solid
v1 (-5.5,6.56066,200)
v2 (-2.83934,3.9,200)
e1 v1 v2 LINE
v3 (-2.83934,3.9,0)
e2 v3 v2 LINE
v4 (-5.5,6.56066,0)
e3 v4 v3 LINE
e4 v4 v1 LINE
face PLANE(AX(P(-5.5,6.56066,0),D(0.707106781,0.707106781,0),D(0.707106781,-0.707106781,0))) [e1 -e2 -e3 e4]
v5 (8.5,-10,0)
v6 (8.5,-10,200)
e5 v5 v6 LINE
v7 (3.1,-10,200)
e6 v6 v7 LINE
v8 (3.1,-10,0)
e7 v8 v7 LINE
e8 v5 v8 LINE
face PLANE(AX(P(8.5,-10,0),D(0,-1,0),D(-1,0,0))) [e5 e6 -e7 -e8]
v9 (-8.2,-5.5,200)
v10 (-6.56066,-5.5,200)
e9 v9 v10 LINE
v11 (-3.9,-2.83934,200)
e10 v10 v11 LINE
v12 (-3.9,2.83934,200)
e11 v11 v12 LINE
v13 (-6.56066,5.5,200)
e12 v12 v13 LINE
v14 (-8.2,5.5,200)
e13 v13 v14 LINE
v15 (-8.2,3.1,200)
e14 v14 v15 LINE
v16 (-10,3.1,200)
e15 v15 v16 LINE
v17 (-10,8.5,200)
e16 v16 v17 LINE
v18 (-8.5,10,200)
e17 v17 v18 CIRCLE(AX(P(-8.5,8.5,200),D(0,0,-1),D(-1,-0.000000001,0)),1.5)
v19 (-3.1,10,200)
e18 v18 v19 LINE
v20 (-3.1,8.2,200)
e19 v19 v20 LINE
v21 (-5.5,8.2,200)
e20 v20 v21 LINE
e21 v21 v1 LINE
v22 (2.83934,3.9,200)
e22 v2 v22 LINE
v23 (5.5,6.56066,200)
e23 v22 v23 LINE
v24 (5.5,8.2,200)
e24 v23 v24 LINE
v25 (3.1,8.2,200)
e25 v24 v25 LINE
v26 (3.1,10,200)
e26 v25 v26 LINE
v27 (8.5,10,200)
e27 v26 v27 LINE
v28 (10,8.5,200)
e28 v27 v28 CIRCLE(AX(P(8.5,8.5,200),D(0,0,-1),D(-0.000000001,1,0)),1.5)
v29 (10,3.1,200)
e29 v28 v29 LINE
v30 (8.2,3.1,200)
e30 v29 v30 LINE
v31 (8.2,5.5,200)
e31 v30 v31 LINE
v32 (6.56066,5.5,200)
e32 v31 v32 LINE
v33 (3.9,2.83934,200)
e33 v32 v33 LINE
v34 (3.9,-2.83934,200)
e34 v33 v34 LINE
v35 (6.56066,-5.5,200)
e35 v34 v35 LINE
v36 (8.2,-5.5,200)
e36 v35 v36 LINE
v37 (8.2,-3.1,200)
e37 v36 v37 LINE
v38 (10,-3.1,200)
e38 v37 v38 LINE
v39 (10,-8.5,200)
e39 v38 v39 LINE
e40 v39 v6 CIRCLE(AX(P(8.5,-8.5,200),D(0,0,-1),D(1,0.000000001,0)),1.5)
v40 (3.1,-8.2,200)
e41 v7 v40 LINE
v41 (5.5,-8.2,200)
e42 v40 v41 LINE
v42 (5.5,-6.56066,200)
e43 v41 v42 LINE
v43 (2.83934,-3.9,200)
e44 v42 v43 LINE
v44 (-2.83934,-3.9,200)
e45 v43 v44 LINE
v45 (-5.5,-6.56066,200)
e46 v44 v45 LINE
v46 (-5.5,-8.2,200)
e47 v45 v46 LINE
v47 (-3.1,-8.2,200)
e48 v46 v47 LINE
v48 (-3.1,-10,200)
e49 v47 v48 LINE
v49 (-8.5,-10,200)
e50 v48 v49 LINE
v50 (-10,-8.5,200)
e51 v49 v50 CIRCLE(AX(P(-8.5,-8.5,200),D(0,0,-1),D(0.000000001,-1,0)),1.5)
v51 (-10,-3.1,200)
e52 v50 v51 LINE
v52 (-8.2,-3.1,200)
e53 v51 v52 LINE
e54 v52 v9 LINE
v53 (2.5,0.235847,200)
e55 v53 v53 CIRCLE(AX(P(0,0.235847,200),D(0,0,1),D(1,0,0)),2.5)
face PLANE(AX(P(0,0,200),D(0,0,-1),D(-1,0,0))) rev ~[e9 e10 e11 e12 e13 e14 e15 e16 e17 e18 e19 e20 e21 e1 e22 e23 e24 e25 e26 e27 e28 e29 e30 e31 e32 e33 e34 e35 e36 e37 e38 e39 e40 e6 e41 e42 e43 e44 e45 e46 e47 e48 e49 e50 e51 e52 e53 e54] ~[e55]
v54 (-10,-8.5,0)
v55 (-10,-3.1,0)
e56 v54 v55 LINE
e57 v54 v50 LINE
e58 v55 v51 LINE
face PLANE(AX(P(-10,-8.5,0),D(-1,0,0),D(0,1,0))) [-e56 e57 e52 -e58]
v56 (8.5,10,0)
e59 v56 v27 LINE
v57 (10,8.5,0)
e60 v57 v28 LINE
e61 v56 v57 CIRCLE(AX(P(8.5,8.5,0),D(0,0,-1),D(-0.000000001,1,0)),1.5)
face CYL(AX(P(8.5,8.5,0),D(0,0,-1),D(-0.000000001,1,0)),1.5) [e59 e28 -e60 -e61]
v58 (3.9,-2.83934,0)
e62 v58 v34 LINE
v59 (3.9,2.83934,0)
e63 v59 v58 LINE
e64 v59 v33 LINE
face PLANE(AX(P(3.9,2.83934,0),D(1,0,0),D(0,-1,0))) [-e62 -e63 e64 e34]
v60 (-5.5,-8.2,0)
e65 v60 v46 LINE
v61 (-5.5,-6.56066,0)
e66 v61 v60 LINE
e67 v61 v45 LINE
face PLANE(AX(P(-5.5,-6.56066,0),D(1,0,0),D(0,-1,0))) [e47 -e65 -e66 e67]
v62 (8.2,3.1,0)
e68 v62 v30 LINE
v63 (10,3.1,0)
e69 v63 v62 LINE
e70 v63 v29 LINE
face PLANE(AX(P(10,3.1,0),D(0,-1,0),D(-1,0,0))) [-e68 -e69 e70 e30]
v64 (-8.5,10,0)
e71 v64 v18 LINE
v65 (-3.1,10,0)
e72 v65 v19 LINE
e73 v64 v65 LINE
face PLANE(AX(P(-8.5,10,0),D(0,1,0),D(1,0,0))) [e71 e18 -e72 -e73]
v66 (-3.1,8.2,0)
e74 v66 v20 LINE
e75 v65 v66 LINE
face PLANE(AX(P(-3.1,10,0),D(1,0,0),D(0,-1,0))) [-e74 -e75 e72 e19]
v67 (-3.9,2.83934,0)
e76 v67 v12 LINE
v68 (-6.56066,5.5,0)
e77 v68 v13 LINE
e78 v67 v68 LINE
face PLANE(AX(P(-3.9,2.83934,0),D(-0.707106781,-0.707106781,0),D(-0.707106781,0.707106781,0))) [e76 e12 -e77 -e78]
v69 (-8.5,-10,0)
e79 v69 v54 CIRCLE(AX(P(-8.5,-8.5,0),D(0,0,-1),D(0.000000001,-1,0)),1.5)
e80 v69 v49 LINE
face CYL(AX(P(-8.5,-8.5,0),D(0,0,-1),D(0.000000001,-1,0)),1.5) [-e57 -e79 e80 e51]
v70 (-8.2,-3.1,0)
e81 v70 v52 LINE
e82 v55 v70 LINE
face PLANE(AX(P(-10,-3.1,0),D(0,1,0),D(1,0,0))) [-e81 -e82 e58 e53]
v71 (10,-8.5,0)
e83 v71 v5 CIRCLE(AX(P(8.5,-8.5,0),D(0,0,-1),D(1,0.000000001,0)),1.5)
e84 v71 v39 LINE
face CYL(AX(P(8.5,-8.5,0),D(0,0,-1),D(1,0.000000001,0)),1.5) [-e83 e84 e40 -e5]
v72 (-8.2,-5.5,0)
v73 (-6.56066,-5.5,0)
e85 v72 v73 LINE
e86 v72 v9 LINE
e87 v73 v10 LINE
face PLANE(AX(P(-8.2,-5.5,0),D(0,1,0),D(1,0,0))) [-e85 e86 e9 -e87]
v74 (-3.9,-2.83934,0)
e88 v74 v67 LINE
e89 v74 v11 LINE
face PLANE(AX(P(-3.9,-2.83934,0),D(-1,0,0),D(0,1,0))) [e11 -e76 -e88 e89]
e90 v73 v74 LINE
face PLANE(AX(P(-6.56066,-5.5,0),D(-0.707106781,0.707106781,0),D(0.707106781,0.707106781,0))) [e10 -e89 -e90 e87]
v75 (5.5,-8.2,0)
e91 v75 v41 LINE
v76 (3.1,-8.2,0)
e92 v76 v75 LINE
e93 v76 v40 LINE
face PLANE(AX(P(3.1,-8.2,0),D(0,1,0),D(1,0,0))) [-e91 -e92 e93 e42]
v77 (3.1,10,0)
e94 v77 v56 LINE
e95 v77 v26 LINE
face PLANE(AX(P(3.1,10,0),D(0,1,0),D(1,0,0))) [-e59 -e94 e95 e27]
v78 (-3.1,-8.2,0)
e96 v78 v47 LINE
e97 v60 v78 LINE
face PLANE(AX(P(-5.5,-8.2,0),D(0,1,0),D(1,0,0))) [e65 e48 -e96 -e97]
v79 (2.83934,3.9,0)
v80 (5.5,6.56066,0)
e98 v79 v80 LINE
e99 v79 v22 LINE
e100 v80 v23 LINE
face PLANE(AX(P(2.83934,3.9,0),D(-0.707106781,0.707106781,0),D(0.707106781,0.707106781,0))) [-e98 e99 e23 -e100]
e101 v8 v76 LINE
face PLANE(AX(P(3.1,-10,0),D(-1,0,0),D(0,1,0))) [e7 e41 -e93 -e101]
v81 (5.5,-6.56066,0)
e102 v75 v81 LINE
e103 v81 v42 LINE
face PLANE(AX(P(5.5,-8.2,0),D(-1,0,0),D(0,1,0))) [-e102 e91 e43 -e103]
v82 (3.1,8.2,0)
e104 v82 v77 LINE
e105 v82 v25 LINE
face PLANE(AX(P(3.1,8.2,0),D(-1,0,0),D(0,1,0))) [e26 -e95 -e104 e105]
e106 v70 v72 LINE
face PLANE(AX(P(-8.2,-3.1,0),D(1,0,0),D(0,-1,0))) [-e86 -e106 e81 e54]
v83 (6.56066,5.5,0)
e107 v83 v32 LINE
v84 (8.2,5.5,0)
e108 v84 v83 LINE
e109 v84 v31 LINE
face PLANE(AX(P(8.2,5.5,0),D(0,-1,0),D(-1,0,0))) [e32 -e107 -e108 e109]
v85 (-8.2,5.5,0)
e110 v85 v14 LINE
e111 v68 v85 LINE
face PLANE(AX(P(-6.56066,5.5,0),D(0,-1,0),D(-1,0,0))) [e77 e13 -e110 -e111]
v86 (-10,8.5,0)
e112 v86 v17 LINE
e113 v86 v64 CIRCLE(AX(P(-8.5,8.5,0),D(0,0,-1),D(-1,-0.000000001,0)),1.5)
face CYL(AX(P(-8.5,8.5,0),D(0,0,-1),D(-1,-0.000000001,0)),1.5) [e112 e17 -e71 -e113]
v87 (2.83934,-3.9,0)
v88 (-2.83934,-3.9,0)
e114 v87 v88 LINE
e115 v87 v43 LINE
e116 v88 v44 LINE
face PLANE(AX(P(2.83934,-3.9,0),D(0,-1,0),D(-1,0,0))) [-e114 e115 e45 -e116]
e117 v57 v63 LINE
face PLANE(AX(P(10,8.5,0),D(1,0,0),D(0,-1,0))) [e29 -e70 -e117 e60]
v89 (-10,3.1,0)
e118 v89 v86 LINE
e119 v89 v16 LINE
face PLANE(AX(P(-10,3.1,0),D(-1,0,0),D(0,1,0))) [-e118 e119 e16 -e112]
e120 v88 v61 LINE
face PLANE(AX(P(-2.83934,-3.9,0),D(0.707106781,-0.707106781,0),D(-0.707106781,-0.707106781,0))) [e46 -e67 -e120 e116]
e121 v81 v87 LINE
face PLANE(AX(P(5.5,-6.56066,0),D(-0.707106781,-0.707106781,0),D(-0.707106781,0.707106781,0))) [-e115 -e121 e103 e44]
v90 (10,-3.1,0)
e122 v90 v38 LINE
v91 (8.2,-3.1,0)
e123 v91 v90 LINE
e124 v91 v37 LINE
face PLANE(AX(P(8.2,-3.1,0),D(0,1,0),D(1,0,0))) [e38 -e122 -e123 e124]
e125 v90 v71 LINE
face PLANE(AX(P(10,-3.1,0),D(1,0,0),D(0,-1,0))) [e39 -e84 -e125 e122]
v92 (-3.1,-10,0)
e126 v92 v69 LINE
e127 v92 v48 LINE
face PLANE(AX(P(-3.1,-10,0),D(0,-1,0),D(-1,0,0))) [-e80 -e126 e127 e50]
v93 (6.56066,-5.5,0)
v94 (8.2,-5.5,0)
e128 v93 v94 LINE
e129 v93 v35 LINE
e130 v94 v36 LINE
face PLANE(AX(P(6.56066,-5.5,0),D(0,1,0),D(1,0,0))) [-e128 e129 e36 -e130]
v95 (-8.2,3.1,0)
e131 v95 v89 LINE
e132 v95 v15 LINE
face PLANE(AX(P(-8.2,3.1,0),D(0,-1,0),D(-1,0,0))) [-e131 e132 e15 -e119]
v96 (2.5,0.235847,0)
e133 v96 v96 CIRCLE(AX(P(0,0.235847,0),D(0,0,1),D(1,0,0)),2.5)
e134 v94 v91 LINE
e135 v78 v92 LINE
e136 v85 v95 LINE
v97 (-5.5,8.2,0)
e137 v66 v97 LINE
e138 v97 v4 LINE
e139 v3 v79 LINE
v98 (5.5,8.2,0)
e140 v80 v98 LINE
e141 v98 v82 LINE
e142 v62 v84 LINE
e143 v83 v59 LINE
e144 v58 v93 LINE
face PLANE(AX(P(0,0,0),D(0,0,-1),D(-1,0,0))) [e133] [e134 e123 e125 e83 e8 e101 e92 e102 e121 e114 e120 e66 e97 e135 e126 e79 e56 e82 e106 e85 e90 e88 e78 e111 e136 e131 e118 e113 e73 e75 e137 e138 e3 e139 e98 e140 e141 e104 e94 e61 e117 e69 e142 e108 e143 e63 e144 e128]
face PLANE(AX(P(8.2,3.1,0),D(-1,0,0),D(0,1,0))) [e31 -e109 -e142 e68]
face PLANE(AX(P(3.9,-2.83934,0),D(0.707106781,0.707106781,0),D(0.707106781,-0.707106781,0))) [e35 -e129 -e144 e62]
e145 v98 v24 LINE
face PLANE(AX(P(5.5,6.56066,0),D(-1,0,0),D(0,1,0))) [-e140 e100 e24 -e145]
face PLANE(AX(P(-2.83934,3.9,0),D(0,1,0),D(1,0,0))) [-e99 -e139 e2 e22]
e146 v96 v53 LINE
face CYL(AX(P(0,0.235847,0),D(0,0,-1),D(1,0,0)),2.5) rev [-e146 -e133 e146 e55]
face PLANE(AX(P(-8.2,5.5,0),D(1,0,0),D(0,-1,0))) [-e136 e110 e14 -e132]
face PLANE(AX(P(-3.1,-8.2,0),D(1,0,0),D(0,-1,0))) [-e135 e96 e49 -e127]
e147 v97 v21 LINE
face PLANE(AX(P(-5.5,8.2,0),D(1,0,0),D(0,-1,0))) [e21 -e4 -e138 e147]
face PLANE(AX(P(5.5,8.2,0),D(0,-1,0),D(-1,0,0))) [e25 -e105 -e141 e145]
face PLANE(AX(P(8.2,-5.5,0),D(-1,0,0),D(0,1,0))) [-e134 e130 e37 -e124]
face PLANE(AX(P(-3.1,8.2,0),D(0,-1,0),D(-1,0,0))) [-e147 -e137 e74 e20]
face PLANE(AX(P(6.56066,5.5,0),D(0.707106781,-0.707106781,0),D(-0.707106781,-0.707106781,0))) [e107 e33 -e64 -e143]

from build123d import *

# Parameters (mm, degrees)
SKETCH1_R           = 2.5
BOSS_EXTRUDE1_DEPTH = 200


with BuildPart() as part:
    # Sketch1 → Boss-Extrude1 (new body)
    with BuildSketch(Plane.XY):
        with BuildLine():
            Line((2.839339828, 3.9), (5.5, 6.560660172))
            Line((5.5, 6.560660172), (5.5, 8.2))
            Line((5.5, 8.2), (3.1, 8.2))
            Line((3.1, 8.2), (3.1, 10))
            Line((3.1, 10), (8.5, 10))
            ThreePointArc((8.5, 10), (9.560660172, 9.560660172), (10, 8.5))
            Line((10, 8.5), (10, 3.1))
            Line((10, 3.1), (8.2, 3.1))
            Line((8.2, 3.1), (8.2, 5.5))
            Line((8.2, 5.5), (6.560660172, 5.5))
            Line((6.560660172, 5.5), (3.9, 2.839339828))
            Line((3.9, 2.839339828), (3.9, -2.839339828))
            Line((3.9, -2.839339828), (6.560660172, -5.5))
            Line((6.560660172, -5.5), (8.2, -5.5))
            Line((8.2, -5.5), (8.2, -3.1))
            Line((8.2, -3.1), (10, -3.1))
            Line((10, -3.1), (10, -8.5))
            ThreePointArc((10, -8.5), (9.560660172, -9.560660172), (8.5, -10))
            Line((8.5, -10), (3.1, -10))
            Line((3.1, -10), (3.1, -8.2))
            Line((3.1, -8.2), (5.5, -8.2))
            Line((5.5, -8.2), (5.5, -6.560660172))
            Line((5.5, -6.560660172), (2.839339828, -3.9))
            Line((2.839339828, -3.9), (-2.839339828, -3.9))
            Line((-2.839339828, -3.9), (-5.5, -6.560660172))
            Line((-5.5, -6.560660172), (-5.5, -8.2))
            Line((-5.5, -8.2), (-3.1, -8.2))
            Line((-3.1, -8.2), (-3.1, -10))
            Line((-3.1, -10), (-8.5, -10))
            ThreePointArc((-8.5, -10), (-9.560660172, -9.560660172), (-10, -8.5))
            Line((-10, -8.5), (-10, -3.1))
            Line((-10, -3.1), (-8.2, -3.1))
            Line((-8.2, -3.1), (-8.2, -5.5))
            Line((-8.2, -5.5), (-6.560660172, -5.5))
            Line((-6.560660172, -5.5), (-3.9, -2.839339828))
            Line((-3.9, -2.839339828), (-3.9, 2.839339828))
            Line((-3.9, 2.839339828), (-6.560660172, 5.5))
            Line((-6.560660172, 5.5), (-8.2, 5.5))
            Line((-8.2, 5.5), (-8.2, 3.1))
            Line((-8.2, 3.1), (-10, 3.1))
            Line((-10, 3.1), (-10, 8.5))
            ThreePointArc((-10, 8.5), (-9.560660172, 9.560660172), (-8.5, 10))
            Line((-8.5, 10), (-3.1, 10))
            Line((-3.1, 10), (-3.1, 8.2))
            Line((-3.1, 8.2), (-5.5, 8.2))
            Line((-5.5, 8.2), (-5.5, 6.560660172))
            Line((-5.5, 6.560660172), (-2.839339828, 3.9))
            Line((-2.839339828, 3.9), (2.839339828, 3.9))
        make_face()
        with Locations((0, 0.235847297)):
            Circle(SKETCH1_R, mode=Mode.SUBTRACT)
    extrude(amount=BOSS_EXTRUDE1_DEPTH)


solid = part.part
